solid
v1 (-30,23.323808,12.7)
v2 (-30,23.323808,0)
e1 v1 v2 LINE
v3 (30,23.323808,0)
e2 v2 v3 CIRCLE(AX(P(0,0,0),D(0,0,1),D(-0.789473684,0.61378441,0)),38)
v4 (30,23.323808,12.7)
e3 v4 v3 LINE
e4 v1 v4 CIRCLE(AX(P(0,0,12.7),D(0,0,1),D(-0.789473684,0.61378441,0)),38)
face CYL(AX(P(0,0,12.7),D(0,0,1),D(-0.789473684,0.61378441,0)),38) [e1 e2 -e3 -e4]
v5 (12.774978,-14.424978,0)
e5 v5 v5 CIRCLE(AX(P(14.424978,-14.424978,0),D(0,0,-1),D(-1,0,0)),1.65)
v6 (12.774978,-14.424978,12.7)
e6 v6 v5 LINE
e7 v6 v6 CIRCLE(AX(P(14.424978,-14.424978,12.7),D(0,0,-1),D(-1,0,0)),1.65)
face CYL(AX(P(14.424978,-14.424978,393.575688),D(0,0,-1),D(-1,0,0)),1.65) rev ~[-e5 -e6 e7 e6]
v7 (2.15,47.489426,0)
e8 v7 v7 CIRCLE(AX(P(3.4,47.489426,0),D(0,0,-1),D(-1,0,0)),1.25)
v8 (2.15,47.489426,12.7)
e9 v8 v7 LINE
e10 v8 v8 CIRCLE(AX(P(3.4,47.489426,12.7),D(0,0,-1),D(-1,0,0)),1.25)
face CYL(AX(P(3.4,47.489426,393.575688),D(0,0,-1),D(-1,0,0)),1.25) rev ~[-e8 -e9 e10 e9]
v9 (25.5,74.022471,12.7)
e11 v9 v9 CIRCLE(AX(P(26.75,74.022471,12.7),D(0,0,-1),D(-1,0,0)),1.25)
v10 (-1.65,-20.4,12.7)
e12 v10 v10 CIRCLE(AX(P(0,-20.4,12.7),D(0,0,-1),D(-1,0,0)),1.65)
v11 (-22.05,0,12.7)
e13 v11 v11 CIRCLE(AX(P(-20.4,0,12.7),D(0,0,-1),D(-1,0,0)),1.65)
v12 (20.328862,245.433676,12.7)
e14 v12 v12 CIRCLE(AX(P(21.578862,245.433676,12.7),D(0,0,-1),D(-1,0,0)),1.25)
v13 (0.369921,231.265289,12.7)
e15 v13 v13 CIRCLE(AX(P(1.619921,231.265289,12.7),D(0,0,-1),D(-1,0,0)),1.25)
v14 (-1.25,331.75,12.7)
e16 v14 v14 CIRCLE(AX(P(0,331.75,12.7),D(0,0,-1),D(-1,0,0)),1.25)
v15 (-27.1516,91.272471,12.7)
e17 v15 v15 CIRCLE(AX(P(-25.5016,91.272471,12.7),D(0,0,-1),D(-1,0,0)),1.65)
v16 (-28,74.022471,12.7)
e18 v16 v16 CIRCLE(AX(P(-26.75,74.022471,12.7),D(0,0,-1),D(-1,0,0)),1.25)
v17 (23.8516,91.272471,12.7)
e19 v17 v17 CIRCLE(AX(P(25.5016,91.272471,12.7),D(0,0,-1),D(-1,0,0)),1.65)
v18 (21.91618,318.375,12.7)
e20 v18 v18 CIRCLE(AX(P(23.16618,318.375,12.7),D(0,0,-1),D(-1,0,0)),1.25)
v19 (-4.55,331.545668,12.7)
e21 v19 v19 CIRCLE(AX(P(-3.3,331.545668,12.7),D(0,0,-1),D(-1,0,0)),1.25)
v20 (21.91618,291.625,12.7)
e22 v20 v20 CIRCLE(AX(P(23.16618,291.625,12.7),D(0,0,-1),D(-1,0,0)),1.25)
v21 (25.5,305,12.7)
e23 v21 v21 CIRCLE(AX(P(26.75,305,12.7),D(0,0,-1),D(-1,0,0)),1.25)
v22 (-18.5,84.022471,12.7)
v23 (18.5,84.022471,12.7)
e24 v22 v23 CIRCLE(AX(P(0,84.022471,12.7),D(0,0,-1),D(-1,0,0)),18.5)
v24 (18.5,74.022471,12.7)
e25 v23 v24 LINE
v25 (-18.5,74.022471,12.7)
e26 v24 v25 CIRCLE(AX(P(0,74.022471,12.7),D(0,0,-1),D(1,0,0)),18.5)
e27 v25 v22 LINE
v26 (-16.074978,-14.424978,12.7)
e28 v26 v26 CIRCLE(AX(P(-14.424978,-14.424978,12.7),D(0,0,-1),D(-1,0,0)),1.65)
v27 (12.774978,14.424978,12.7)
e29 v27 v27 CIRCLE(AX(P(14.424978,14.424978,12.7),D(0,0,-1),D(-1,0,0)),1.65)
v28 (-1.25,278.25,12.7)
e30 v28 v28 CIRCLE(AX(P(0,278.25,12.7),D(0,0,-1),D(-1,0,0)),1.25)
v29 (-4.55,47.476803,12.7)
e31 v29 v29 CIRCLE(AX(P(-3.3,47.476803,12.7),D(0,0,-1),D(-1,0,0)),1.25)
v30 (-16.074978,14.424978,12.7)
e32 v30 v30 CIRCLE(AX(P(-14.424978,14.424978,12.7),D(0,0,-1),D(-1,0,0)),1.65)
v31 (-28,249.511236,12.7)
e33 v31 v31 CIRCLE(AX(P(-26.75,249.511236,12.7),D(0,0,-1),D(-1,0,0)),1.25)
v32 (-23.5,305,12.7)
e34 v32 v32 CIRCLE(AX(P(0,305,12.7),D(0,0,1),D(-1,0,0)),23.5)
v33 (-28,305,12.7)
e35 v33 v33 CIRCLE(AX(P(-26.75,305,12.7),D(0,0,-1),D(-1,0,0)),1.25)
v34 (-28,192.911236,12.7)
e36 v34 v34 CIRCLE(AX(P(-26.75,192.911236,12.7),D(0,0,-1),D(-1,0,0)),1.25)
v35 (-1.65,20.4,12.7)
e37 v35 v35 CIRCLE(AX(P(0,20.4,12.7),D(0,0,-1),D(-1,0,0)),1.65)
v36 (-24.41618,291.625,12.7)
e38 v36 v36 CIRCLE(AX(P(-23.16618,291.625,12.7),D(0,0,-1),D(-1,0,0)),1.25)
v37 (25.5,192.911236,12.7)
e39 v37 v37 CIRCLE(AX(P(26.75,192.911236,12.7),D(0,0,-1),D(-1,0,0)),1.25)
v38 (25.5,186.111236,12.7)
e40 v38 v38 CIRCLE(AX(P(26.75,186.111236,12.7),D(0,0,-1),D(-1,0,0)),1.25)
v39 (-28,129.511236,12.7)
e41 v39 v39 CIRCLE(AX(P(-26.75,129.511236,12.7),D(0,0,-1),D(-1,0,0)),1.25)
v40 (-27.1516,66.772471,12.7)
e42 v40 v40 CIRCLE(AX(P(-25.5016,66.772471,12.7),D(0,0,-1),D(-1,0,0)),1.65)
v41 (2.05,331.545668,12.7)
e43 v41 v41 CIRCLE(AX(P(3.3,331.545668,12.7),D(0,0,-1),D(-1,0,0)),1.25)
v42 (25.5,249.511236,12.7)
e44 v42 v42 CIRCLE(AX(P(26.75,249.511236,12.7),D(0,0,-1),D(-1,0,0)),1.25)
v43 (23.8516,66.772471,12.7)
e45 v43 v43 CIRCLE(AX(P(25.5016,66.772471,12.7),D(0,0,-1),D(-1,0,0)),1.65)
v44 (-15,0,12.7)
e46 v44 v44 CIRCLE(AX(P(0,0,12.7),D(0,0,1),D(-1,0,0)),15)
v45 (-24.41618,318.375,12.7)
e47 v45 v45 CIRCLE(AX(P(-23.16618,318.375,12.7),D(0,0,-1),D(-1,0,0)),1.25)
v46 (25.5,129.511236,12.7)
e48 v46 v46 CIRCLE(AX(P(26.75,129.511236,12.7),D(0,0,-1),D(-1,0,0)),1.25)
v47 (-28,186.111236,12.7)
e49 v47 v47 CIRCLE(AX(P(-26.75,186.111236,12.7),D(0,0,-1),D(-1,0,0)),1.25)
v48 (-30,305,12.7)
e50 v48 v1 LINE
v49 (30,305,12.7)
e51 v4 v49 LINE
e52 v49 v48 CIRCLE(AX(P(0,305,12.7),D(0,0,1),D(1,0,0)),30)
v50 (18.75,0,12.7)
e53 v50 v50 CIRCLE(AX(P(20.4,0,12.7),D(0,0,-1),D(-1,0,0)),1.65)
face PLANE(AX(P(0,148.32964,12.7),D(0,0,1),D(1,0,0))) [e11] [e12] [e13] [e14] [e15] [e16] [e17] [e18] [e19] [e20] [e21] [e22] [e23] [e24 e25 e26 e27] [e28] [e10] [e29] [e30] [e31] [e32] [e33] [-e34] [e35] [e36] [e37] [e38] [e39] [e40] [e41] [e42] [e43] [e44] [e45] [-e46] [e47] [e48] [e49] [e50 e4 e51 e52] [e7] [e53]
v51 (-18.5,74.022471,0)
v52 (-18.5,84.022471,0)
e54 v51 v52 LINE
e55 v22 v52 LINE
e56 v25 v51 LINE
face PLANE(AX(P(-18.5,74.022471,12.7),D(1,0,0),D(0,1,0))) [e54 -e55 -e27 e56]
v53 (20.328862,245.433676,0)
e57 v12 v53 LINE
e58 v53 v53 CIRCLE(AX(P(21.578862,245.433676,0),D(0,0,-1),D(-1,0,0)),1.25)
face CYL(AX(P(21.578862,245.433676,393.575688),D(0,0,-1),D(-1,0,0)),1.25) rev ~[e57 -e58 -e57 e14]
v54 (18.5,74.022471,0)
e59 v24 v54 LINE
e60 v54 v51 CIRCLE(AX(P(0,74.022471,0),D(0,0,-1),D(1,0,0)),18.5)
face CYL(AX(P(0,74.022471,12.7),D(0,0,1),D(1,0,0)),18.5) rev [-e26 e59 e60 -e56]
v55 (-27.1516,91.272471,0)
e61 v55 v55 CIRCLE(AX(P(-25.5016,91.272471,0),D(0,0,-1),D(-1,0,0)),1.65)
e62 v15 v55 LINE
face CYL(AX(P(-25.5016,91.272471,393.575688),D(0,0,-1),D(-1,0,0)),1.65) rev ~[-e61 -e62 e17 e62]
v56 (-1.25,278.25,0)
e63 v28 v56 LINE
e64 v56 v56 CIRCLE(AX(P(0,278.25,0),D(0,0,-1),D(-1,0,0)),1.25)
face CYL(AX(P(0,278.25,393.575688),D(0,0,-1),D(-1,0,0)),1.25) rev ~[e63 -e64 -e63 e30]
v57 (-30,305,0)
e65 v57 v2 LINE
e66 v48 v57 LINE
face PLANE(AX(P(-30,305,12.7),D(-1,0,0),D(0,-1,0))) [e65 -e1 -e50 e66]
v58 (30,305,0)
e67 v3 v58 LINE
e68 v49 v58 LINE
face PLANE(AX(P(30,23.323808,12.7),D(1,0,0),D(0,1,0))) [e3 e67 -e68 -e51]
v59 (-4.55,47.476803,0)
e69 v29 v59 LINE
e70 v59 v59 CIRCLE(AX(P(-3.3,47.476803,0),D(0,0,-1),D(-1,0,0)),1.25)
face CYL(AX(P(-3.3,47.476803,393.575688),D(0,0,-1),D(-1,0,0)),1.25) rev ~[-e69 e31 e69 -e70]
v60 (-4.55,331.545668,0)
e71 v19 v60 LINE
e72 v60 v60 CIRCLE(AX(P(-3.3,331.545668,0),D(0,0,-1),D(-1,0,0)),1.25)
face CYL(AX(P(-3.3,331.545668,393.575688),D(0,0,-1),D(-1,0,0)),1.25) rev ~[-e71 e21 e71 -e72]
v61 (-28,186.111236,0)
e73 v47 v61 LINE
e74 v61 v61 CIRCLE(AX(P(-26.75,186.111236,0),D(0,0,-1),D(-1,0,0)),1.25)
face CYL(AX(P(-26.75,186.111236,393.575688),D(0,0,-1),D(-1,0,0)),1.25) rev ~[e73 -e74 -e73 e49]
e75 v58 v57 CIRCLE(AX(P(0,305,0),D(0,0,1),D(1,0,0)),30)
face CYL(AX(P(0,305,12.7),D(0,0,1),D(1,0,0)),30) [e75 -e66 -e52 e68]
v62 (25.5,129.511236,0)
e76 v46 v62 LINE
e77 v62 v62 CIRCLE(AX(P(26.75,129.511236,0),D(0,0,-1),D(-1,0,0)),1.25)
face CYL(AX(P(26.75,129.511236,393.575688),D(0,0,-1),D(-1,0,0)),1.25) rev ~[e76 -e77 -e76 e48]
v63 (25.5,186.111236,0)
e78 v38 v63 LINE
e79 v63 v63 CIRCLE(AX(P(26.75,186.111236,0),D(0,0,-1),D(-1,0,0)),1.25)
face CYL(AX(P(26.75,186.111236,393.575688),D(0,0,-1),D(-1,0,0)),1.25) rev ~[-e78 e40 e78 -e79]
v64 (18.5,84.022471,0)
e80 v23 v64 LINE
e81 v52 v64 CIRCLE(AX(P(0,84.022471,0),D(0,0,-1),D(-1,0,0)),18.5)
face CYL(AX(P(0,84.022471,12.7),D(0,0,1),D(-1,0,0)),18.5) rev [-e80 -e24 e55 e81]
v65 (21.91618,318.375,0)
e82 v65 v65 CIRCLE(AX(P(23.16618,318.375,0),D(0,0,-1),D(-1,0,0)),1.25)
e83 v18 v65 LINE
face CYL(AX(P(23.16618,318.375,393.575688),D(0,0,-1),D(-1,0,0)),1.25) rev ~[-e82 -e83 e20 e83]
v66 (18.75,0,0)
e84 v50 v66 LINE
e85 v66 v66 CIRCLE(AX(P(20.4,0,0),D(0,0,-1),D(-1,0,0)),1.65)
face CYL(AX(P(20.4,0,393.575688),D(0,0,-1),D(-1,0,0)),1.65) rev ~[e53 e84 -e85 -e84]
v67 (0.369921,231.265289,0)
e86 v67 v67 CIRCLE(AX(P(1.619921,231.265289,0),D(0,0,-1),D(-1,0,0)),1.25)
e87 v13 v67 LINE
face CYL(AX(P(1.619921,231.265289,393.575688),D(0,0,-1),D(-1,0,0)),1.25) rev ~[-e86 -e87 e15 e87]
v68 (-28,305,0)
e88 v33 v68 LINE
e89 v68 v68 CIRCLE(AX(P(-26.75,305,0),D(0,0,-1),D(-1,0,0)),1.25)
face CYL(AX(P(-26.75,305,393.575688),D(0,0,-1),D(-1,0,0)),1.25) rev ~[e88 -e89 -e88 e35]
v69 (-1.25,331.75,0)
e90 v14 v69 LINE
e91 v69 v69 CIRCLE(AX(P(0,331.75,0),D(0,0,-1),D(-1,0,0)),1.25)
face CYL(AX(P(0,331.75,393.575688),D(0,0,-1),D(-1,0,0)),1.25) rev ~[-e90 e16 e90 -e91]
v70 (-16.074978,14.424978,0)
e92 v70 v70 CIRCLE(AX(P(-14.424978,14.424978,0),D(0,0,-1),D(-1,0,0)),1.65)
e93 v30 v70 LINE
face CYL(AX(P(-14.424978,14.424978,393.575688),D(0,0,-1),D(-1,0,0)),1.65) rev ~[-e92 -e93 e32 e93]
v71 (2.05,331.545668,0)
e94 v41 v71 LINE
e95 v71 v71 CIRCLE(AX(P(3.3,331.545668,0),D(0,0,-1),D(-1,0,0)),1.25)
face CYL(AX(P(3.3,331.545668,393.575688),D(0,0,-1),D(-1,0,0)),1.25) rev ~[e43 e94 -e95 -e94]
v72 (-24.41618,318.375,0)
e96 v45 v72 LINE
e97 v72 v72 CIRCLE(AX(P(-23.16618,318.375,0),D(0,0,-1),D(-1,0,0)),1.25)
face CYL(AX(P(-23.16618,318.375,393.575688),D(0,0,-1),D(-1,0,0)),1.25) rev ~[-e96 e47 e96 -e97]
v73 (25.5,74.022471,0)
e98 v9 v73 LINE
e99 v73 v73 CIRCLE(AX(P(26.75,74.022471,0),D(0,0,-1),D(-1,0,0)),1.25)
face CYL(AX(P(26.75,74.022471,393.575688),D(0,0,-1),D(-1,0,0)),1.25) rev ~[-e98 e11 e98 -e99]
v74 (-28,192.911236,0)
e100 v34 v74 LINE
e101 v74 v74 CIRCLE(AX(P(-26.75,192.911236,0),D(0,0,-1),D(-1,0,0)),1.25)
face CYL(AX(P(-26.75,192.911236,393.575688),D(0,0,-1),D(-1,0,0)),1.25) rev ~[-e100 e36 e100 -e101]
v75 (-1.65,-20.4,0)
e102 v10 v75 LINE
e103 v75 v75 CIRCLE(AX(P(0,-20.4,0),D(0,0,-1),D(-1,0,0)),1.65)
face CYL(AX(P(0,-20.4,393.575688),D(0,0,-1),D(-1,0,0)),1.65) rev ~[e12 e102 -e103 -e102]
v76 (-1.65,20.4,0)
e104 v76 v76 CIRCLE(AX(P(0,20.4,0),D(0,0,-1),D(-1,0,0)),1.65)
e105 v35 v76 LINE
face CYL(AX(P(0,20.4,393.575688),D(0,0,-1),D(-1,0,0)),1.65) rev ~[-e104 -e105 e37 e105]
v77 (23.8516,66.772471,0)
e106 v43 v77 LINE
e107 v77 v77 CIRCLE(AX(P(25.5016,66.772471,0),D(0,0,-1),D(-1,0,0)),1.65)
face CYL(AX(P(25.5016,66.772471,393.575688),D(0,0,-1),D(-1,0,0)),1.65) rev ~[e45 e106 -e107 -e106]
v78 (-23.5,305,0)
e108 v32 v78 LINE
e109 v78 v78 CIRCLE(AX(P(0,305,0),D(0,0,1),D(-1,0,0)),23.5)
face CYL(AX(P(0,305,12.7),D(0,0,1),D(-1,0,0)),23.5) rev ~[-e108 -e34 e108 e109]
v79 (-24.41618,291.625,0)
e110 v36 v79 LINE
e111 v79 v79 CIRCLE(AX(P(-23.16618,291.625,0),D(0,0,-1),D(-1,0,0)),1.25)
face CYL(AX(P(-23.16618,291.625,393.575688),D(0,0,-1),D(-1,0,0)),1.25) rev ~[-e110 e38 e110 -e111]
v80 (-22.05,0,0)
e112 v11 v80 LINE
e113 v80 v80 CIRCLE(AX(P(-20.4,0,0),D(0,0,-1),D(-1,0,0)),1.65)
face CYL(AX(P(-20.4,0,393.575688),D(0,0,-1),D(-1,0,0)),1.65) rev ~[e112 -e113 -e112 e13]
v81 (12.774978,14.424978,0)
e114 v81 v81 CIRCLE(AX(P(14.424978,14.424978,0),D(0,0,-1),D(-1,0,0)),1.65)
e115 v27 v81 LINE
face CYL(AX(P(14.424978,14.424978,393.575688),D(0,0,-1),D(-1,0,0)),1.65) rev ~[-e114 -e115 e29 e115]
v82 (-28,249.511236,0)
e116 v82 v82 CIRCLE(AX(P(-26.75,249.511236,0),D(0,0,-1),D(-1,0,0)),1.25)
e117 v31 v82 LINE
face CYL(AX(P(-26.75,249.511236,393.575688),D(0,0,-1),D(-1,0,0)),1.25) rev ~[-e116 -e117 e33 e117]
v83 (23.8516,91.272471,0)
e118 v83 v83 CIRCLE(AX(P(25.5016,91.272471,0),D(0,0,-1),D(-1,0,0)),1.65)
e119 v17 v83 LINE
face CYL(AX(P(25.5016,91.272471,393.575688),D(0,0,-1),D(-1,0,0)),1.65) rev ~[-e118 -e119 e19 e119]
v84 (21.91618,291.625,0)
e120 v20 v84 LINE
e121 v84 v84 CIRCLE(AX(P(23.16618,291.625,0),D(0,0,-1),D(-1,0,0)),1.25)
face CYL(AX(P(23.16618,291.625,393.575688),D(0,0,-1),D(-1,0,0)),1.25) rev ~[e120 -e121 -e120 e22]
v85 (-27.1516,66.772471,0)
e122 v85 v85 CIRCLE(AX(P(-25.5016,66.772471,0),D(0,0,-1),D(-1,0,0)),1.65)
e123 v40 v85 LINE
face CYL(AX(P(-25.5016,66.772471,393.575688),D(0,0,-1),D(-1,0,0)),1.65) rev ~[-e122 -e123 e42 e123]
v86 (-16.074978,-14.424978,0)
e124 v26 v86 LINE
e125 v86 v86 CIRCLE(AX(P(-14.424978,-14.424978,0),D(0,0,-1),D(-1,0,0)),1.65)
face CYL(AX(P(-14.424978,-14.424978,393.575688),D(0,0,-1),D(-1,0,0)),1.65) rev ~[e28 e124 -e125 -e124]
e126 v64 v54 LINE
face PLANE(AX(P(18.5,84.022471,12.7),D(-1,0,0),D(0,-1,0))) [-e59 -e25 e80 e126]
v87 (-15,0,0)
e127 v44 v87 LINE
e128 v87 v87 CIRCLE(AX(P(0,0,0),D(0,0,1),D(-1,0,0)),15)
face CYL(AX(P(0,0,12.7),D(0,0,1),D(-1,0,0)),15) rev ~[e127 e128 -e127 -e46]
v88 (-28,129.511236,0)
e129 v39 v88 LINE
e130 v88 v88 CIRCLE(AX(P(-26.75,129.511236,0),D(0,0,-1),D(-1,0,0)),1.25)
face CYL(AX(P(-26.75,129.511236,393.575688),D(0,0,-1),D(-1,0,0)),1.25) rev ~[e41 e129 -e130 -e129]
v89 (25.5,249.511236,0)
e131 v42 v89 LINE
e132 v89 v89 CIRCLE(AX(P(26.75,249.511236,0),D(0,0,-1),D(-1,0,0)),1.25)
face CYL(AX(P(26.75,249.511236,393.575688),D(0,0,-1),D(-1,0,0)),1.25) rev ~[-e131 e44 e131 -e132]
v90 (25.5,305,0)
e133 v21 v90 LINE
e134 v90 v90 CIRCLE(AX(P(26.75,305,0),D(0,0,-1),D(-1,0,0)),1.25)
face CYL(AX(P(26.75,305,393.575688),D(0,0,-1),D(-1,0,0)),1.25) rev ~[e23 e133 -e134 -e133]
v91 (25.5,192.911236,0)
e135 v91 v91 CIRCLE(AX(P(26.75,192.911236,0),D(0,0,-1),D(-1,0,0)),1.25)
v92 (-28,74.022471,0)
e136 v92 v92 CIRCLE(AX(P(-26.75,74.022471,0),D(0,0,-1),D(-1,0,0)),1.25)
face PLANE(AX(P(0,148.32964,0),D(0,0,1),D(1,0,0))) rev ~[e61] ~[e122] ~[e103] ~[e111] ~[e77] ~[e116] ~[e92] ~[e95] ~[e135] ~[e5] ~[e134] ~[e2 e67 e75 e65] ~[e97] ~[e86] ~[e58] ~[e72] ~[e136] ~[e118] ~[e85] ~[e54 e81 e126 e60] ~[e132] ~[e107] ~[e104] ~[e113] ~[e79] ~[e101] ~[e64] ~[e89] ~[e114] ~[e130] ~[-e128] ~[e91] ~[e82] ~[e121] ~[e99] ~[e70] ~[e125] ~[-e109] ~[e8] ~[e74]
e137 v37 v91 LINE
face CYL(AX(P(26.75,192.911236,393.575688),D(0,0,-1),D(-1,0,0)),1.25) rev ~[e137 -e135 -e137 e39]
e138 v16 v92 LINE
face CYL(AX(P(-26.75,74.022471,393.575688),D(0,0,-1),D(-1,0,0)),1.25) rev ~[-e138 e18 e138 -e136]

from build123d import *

# Parameters (mm, degrees)
SKETCH1_R             = 15
SKETCH1_R_2           = 23.5
BOSS_EXTRUDE1_DEPTH   = 12.7
M3X0_5_TAPPED_HOLE1_D = 2.5
M4X0_7_TAPPED_HOLE1_D = 3.3


with BuildPart() as part:
    # Sketch1 → Boss-Extrude1 (new body)
    with BuildSketch(Plane.XY.offset(12.7)):
        with BuildLine():
            Line((30, 23.323807579), (30, 305))
            ThreePointArc((30, 305), (0, 335), (-30, 305))
            Line((-30, 305), (-30, 23.323807579))
            ThreePointArc((-30, 23.323807579), (0, -38), (30, 23.323807579))
        make_face()
        with Locations(Location((0, 0, 0), (0, 0, 180))):
            Circle(SKETCH1_R, mode=Mode.SUBTRACT)
        with Locations(Location((0, 305, 0), (0, 0, 180))):
            Circle(SKETCH1_R_2, mode=Mode.SUBTRACT)
        with BuildLine():
            Line((18.5, 84.022471071), (18.5, 74.022471071))
            ThreePointArc((18.5, 74.022471071), (0, 55.522471071), (-18.5, 74.022471071))
            Line((-18.5, 74.022471071), (-18.5, 84.022471071))
            ThreePointArc((-18.5, 84.022471071), (0, 102.522471071), (18.5, 84.022471071))
        make_face(mode=Mode.SUBTRACT)
    extrude(amount=-BOSS_EXTRUDE1_DEPTH)

    # M3x0.5 Tapped Hole1 (through all)
    with Locations(Plane.XY.offset(12.7)):
        with Locations((0, 331.75), (3.299999999, 331.545668196), (23.166179551, 318.375), (26.749999999, 305), (23.166179551, 291.625), (0, 278.25), (-23.166179551, 291.625), (-26.750000001, 305), (-23.166179551, 318.375), (-3.300000001, 331.545668196), (26.749999999, 249.511235535), (21.578861519, 245.43367635), (1.619921459, 231.265288591), (-26.750000001, 249.511235535), (-26.750000001, 192.911235535), (-26.75, 186.111235535), (26.749999999, 192.911235535), (26.75, 186.111235535), (-26.75, 129.511235535), (26.75, 129.511235535), (-26.75, 74.022471071), (-3.3, 47.476802874), (3.4, 47.489425637), (26.75, 74.022471071)):
            Hole(M3X0_5_TAPPED_HOLE1_D / 2)

    # M4x0.7 Tapped Hole1 (through all)
    with Locations(Plane(origin=(0, 20.4, 12.7), x_dir=(1, 0, 0), z_dir=(0, 0, 1))):
        with Locations((0, 0), (14.424978336, -5.975021664), (20.4, -20.4), (14.424978336, -34.824978336), (0, -40.8), (-14.424978336, -34.824978336), (-20.4, -20.4), (-14.424978336, -5.975021664), (25.5016, 46.372471071), (25.5016, 70.872471071), (-25.5016, 70.872471071), (-25.5016, 46.372471071)):
            Hole(M4X0_7_TAPPED_HOLE1_D / 2)


solid = part.part
